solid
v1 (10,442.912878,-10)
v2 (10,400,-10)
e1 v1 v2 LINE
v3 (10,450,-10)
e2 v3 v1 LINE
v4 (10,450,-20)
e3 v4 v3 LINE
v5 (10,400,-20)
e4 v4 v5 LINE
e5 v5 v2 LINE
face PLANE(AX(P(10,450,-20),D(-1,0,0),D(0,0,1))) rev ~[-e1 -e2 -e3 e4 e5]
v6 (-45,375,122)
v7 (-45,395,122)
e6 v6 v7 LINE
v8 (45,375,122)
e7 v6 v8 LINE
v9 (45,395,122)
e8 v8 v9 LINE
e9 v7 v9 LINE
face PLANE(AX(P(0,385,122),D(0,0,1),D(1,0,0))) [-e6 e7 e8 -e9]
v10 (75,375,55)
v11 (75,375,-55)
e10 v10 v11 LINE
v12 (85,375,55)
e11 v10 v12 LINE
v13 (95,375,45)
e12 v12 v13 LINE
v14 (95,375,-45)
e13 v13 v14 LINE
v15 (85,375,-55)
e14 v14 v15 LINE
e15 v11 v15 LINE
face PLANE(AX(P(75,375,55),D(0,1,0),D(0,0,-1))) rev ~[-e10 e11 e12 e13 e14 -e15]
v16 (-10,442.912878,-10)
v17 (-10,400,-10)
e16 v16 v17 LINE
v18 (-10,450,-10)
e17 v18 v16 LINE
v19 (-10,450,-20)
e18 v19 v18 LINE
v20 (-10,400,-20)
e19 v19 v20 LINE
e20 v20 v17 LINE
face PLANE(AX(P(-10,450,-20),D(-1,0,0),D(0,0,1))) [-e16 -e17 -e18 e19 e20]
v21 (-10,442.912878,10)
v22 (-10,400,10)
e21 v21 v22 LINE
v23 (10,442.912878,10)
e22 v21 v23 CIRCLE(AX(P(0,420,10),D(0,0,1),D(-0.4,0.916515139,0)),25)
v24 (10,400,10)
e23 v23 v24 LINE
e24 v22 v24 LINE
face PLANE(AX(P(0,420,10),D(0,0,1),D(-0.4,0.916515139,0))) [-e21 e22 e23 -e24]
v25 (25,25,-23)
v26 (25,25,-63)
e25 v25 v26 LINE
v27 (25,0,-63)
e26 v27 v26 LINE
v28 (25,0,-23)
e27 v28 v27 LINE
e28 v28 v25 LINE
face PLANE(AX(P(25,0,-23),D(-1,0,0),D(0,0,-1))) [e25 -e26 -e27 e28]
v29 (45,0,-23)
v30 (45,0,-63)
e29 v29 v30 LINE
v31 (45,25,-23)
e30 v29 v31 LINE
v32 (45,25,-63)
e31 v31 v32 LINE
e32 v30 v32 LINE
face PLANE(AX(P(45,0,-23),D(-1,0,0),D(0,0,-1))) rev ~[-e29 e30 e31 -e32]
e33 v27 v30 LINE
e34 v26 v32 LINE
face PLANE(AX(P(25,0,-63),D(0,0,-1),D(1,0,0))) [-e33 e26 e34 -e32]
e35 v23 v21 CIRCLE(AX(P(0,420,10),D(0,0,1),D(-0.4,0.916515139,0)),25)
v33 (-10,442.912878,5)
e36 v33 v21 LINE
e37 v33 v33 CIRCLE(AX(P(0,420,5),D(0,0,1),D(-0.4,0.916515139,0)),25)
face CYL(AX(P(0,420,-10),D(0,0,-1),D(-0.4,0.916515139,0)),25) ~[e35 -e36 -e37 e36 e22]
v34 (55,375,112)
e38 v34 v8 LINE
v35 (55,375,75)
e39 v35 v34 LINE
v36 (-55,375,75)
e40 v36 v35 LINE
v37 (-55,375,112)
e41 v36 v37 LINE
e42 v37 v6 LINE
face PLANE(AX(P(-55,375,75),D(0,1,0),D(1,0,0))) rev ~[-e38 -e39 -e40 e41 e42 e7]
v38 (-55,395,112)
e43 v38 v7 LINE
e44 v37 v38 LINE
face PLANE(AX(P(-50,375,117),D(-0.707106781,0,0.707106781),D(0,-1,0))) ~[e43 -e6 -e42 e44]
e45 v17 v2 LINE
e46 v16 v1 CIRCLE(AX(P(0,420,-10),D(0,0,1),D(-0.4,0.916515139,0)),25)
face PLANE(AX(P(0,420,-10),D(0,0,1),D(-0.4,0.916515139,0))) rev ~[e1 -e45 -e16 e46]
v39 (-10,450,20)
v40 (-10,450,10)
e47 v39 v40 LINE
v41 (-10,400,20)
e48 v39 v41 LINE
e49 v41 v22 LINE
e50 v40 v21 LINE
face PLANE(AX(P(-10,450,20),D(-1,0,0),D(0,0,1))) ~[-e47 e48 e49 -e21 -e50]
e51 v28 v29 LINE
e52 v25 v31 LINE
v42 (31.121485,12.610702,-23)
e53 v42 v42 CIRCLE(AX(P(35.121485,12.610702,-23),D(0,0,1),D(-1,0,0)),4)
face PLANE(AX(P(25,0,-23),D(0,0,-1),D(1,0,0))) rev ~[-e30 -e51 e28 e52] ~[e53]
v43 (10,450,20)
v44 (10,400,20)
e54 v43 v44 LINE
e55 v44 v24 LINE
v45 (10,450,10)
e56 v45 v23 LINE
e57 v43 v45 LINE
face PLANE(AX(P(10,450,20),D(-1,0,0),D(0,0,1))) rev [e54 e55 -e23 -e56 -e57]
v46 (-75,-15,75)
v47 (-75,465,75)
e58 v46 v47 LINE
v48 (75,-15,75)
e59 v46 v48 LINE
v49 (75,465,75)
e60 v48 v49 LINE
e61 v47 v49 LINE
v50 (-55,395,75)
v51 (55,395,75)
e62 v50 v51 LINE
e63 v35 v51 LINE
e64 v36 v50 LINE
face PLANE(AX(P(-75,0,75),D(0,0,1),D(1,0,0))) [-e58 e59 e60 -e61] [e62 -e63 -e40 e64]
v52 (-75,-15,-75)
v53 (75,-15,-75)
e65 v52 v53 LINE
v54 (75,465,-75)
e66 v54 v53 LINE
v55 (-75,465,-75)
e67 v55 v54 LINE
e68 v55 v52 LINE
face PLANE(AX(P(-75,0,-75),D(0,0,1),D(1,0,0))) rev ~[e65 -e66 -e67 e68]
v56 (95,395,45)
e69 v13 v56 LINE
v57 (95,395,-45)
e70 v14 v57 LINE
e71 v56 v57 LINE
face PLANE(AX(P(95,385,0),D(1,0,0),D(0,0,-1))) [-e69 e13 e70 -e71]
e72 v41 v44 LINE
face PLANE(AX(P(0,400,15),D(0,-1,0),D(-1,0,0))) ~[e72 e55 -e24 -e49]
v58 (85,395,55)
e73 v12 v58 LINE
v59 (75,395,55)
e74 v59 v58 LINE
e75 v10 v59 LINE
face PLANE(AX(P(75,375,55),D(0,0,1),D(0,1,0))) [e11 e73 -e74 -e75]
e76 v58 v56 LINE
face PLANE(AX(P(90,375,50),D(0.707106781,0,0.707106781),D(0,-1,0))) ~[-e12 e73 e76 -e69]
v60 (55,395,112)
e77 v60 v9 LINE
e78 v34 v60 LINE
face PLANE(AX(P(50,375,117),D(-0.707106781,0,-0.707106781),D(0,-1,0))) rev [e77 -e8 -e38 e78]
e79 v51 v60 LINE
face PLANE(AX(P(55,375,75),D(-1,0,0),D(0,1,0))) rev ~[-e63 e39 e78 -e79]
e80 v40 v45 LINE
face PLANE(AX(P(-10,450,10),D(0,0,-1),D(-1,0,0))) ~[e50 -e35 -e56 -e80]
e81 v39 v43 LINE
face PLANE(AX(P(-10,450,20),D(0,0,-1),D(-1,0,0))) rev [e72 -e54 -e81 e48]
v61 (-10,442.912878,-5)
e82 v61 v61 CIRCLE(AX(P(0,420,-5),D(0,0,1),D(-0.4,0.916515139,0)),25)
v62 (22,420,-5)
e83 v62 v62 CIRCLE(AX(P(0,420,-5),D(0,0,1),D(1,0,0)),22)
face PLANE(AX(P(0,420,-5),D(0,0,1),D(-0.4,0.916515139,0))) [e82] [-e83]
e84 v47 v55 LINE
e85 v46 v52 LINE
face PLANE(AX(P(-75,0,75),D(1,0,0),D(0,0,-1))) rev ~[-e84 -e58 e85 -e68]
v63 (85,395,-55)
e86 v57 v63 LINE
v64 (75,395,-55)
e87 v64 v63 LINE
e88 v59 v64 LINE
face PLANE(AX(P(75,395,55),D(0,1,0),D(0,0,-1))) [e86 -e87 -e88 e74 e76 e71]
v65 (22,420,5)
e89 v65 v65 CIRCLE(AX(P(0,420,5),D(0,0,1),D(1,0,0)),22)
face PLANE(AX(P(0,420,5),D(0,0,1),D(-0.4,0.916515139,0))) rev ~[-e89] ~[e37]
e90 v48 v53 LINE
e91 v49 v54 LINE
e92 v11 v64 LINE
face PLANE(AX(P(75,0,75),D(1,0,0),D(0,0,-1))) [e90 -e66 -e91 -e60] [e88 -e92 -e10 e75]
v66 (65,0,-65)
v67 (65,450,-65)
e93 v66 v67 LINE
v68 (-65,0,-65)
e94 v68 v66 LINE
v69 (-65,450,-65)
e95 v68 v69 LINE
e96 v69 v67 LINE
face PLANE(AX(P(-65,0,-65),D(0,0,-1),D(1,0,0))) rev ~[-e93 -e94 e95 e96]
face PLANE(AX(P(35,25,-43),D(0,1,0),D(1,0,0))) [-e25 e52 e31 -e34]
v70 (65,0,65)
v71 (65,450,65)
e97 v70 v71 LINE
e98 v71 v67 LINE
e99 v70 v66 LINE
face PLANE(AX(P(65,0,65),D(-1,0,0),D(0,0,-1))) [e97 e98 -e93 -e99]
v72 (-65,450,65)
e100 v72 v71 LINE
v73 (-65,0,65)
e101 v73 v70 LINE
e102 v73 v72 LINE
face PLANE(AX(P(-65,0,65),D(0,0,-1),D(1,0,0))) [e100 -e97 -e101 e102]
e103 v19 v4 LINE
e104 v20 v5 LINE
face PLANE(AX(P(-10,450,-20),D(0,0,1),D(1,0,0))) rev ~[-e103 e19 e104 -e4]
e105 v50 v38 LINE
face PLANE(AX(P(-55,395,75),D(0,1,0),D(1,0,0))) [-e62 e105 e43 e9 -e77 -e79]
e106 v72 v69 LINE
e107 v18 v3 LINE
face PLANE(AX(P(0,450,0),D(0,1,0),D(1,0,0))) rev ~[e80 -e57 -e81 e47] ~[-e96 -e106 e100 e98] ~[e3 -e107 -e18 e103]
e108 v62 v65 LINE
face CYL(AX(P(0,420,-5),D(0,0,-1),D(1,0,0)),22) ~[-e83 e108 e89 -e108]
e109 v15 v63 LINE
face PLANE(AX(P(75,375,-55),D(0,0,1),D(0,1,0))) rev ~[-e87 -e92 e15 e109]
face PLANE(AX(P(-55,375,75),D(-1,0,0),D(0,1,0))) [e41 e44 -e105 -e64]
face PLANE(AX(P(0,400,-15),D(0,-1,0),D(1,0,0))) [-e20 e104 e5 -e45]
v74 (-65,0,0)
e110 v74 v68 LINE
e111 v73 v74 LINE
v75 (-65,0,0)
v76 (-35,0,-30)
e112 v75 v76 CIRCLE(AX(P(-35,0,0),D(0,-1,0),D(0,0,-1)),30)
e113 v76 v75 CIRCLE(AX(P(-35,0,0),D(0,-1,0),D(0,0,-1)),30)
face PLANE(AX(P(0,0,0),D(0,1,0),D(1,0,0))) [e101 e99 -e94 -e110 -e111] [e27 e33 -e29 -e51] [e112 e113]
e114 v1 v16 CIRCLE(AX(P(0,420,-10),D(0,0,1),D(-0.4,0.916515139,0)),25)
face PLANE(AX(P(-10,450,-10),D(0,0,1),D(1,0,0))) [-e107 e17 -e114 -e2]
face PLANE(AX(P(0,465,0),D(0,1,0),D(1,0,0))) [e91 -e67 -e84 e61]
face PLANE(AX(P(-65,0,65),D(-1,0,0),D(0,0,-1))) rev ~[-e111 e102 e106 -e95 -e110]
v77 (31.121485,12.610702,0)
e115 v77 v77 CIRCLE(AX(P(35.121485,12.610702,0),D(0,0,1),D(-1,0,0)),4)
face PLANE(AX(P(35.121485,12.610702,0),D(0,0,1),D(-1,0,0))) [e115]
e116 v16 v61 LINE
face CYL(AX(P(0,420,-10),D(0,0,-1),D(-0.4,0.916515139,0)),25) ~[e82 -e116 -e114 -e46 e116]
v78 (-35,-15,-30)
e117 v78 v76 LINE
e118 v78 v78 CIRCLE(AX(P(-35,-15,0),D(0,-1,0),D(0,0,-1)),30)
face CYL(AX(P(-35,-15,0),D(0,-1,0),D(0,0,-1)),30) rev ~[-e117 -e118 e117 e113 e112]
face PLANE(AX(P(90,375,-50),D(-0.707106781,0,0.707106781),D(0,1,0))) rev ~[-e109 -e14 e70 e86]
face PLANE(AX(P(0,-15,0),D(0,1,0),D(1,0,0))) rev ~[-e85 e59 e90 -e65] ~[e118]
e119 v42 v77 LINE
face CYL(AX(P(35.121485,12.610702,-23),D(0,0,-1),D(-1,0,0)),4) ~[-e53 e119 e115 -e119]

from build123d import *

# Parameters (mm, degrees)
SKETCH2_W            = 150
SKETCH2_H            = 150
SKETCH2_W_2          = 130
SKETCH2_H_2          = 130
BOSS_EXTRUDE2_DEPTH  = 450
SKETCH4_W            = 150
SKETCH4_H            = 150
BOSS_EXTRUDE3_DEPTH  = 15
BOSS_EXTRUDE4_START  = -450
SKETCH4_2_W          = 150
SKETCH4_2_H          = 150
BOSS_EXTRUDE4_DEPTH  = 15
SKETCH5_R            = 30
CUT_EXTRUDE1_DEPTH   = 15
SKETCH7_W            = 20
SKETCH7_H            = 10
BOSS_EXTRUDE5_DEPTH  = 50
BOSS_EXTRUDE6_START  = -10
SKETCH9_R            = 25
BOSS_EXTRUDE6_DEPTH  = 20
CUT_EXTRUDE3_START   = 5
SKETCH10_R           = 25
SKETCH10_R_2         = 22
CUT_EXTRUDE3_DEPTH   = 10
SKETCH12_W           = 20
SKETCH12_H           = 40
BOSS_EXTRUDE7_DEPTH  = 25
SKETCH13_R           = 4
BOSS_EXTRUDE8_DEPTH  = 23
SKETCH18_W           = 110
SKETCH18_H           = 20
BOSS_EXTRUDE11_DEPTH = 20
CHAMFER1_SIZE        = 10
CHAMFER2_SIZE        = 10
SKETCH19_W           = 110
SKETCH19_H           = 20
BOSS_EXTRUDE12_DEPTH = 47
CHAMFER3_SIZE        = 10


with BuildPart() as part:
    # Sketch2 → Boss-Extrude2 (new body)
    with BuildSketch(Plane(origin=(0, 0, 0), x_dir=(1, 0, 0), z_dir=(0, 1, 0))):
        Rectangle(SKETCH2_W, SKETCH2_H)
        Rectangle(SKETCH2_W_2, SKETCH2_H_2, mode=Mode.SUBTRACT)
    extrude(amount=BOSS_EXTRUDE2_DEPTH)

    # Sketch4 → Boss-Extrude3 (add)
    with BuildSketch(Plane(origin=(0, 450, 0), x_dir=(1, 0, 0), z_dir=(0, 1, 0))):
        Rectangle(SKETCH4_W, SKETCH4_H)
    extrude(amount=BOSS_EXTRUDE3_DEPTH)

    # Sketch4<2> → Boss-Extrude4 (add)
    with BuildSketch(Plane(origin=(0, 450, 0), x_dir=(1, 0, 0), z_dir=(0, 1, 0)).offset(BOSS_EXTRUDE4_START)):
        Rectangle(SKETCH4_2_W, SKETCH4_2_H)
    extrude(amount=-BOSS_EXTRUDE4_DEPTH)

    # Sketch5 → Cut-Extrude1 (cut)
    with BuildSketch(Plane.XZ.offset(15)):
        with Locations((-35, 0)):
            Circle(SKETCH5_R)
    extrude(amount=-CUT_EXTRUDE1_DEPTH, mode=Mode.SUBTRACT)

    # Sketch7 → Boss-Extrude5 (add)
    with BuildSketch(Plane.XZ.offset(-450)):
        with Locations((0, -15)):
            Rectangle(SKETCH7_W, SKETCH7_H)
    boss_extrude5 = extrude(amount=BOSS_EXTRUDE5_DEPTH)

    # Mirror1: Boss-Extrude5 across plane
    add(boss_extrude5.mirror(Plane.XY))

    # Sketch9 → Boss-Extrude6 (add)
    with BuildSketch(Plane.XY.offset(BOSS_EXTRUDE6_START)):
        with Locations((0, 420)):
            Circle(SKETCH9_R)
    extrude(amount=BOSS_EXTRUDE6_DEPTH)

    # Sketch10 → Cut-Extrude3 (cut)
    with BuildSketch(Plane.XY.offset(-10).offset(CUT_EXTRUDE3_START)):
        with Locations((0, 420)):
            Circle(SKETCH10_R)
        with Locations((0, 420)):
            Circle(SKETCH10_R_2, mode=Mode.SUBTRACT)
    extrude(amount=CUT_EXTRUDE3_DEPTH, mode=Mode.SUBTRACT)

    # Sketch12 → Boss-Extrude7 (add)
    with BuildSketch(Plane(origin=(0, 0, 0), x_dir=(1, 0, 0), z_dir=(0, 1, 0))):
        with Locations((35, 43)):
            Rectangle(SKETCH12_W, SKETCH12_H)
    extrude(amount=BOSS_EXTRUDE7_DEPTH)

    # Sketch13 → Boss-Extrude8 (add)
    with BuildSketch(Plane.XY.offset(-23)):
        with Locations((35.121485498, 12.610702381)):
            Circle(SKETCH13_R)
    extrude(amount=BOSS_EXTRUDE8_DEPTH)

    # Sketch18 → Boss-Extrude11 (add)
    with BuildSketch(Plane(origin=(75, 0, 0), x_dir=(0, 0, -1), z_dir=(1, 0, 0))):
        with Locations((0, 385)):
            Rectangle(SKETCH18_W, SKETCH18_H)
    extrude(amount=BOSS_EXTRUDE11_DEPTH)

    # Chamfer1
    chamfer1_edges = [part.edges().sort_by_distance(p)[0] for p in [
        (95, 385, 55),
    ]]
    chamfer(chamfer1_edges, length=CHAMFER1_SIZE)

    # Chamfer2
    chamfer2_edges = [part.edges().sort_by_distance(p)[0] for p in [
        (95, 385, -55),
    ]]
    chamfer(chamfer2_edges, length=CHAMFER2_SIZE)

    # Sketch19 → Boss-Extrude12 (add)
    with BuildSketch(Plane.XY.offset(75)):
        with Locations((0, 385)):
            Rectangle(SKETCH19_W, SKETCH19_H)
    extrude(amount=BOSS_EXTRUDE12_DEPTH)

    # Chamfer3
    chamfer3_edges = [part.edges().sort_by_distance(p)[0] for p in [
        (-55, 385, 122),
        (55, 385, 122),
    ]]
    chamfer(chamfer3_edges, length=CHAMFER3_SIZE)


solid = part.part
